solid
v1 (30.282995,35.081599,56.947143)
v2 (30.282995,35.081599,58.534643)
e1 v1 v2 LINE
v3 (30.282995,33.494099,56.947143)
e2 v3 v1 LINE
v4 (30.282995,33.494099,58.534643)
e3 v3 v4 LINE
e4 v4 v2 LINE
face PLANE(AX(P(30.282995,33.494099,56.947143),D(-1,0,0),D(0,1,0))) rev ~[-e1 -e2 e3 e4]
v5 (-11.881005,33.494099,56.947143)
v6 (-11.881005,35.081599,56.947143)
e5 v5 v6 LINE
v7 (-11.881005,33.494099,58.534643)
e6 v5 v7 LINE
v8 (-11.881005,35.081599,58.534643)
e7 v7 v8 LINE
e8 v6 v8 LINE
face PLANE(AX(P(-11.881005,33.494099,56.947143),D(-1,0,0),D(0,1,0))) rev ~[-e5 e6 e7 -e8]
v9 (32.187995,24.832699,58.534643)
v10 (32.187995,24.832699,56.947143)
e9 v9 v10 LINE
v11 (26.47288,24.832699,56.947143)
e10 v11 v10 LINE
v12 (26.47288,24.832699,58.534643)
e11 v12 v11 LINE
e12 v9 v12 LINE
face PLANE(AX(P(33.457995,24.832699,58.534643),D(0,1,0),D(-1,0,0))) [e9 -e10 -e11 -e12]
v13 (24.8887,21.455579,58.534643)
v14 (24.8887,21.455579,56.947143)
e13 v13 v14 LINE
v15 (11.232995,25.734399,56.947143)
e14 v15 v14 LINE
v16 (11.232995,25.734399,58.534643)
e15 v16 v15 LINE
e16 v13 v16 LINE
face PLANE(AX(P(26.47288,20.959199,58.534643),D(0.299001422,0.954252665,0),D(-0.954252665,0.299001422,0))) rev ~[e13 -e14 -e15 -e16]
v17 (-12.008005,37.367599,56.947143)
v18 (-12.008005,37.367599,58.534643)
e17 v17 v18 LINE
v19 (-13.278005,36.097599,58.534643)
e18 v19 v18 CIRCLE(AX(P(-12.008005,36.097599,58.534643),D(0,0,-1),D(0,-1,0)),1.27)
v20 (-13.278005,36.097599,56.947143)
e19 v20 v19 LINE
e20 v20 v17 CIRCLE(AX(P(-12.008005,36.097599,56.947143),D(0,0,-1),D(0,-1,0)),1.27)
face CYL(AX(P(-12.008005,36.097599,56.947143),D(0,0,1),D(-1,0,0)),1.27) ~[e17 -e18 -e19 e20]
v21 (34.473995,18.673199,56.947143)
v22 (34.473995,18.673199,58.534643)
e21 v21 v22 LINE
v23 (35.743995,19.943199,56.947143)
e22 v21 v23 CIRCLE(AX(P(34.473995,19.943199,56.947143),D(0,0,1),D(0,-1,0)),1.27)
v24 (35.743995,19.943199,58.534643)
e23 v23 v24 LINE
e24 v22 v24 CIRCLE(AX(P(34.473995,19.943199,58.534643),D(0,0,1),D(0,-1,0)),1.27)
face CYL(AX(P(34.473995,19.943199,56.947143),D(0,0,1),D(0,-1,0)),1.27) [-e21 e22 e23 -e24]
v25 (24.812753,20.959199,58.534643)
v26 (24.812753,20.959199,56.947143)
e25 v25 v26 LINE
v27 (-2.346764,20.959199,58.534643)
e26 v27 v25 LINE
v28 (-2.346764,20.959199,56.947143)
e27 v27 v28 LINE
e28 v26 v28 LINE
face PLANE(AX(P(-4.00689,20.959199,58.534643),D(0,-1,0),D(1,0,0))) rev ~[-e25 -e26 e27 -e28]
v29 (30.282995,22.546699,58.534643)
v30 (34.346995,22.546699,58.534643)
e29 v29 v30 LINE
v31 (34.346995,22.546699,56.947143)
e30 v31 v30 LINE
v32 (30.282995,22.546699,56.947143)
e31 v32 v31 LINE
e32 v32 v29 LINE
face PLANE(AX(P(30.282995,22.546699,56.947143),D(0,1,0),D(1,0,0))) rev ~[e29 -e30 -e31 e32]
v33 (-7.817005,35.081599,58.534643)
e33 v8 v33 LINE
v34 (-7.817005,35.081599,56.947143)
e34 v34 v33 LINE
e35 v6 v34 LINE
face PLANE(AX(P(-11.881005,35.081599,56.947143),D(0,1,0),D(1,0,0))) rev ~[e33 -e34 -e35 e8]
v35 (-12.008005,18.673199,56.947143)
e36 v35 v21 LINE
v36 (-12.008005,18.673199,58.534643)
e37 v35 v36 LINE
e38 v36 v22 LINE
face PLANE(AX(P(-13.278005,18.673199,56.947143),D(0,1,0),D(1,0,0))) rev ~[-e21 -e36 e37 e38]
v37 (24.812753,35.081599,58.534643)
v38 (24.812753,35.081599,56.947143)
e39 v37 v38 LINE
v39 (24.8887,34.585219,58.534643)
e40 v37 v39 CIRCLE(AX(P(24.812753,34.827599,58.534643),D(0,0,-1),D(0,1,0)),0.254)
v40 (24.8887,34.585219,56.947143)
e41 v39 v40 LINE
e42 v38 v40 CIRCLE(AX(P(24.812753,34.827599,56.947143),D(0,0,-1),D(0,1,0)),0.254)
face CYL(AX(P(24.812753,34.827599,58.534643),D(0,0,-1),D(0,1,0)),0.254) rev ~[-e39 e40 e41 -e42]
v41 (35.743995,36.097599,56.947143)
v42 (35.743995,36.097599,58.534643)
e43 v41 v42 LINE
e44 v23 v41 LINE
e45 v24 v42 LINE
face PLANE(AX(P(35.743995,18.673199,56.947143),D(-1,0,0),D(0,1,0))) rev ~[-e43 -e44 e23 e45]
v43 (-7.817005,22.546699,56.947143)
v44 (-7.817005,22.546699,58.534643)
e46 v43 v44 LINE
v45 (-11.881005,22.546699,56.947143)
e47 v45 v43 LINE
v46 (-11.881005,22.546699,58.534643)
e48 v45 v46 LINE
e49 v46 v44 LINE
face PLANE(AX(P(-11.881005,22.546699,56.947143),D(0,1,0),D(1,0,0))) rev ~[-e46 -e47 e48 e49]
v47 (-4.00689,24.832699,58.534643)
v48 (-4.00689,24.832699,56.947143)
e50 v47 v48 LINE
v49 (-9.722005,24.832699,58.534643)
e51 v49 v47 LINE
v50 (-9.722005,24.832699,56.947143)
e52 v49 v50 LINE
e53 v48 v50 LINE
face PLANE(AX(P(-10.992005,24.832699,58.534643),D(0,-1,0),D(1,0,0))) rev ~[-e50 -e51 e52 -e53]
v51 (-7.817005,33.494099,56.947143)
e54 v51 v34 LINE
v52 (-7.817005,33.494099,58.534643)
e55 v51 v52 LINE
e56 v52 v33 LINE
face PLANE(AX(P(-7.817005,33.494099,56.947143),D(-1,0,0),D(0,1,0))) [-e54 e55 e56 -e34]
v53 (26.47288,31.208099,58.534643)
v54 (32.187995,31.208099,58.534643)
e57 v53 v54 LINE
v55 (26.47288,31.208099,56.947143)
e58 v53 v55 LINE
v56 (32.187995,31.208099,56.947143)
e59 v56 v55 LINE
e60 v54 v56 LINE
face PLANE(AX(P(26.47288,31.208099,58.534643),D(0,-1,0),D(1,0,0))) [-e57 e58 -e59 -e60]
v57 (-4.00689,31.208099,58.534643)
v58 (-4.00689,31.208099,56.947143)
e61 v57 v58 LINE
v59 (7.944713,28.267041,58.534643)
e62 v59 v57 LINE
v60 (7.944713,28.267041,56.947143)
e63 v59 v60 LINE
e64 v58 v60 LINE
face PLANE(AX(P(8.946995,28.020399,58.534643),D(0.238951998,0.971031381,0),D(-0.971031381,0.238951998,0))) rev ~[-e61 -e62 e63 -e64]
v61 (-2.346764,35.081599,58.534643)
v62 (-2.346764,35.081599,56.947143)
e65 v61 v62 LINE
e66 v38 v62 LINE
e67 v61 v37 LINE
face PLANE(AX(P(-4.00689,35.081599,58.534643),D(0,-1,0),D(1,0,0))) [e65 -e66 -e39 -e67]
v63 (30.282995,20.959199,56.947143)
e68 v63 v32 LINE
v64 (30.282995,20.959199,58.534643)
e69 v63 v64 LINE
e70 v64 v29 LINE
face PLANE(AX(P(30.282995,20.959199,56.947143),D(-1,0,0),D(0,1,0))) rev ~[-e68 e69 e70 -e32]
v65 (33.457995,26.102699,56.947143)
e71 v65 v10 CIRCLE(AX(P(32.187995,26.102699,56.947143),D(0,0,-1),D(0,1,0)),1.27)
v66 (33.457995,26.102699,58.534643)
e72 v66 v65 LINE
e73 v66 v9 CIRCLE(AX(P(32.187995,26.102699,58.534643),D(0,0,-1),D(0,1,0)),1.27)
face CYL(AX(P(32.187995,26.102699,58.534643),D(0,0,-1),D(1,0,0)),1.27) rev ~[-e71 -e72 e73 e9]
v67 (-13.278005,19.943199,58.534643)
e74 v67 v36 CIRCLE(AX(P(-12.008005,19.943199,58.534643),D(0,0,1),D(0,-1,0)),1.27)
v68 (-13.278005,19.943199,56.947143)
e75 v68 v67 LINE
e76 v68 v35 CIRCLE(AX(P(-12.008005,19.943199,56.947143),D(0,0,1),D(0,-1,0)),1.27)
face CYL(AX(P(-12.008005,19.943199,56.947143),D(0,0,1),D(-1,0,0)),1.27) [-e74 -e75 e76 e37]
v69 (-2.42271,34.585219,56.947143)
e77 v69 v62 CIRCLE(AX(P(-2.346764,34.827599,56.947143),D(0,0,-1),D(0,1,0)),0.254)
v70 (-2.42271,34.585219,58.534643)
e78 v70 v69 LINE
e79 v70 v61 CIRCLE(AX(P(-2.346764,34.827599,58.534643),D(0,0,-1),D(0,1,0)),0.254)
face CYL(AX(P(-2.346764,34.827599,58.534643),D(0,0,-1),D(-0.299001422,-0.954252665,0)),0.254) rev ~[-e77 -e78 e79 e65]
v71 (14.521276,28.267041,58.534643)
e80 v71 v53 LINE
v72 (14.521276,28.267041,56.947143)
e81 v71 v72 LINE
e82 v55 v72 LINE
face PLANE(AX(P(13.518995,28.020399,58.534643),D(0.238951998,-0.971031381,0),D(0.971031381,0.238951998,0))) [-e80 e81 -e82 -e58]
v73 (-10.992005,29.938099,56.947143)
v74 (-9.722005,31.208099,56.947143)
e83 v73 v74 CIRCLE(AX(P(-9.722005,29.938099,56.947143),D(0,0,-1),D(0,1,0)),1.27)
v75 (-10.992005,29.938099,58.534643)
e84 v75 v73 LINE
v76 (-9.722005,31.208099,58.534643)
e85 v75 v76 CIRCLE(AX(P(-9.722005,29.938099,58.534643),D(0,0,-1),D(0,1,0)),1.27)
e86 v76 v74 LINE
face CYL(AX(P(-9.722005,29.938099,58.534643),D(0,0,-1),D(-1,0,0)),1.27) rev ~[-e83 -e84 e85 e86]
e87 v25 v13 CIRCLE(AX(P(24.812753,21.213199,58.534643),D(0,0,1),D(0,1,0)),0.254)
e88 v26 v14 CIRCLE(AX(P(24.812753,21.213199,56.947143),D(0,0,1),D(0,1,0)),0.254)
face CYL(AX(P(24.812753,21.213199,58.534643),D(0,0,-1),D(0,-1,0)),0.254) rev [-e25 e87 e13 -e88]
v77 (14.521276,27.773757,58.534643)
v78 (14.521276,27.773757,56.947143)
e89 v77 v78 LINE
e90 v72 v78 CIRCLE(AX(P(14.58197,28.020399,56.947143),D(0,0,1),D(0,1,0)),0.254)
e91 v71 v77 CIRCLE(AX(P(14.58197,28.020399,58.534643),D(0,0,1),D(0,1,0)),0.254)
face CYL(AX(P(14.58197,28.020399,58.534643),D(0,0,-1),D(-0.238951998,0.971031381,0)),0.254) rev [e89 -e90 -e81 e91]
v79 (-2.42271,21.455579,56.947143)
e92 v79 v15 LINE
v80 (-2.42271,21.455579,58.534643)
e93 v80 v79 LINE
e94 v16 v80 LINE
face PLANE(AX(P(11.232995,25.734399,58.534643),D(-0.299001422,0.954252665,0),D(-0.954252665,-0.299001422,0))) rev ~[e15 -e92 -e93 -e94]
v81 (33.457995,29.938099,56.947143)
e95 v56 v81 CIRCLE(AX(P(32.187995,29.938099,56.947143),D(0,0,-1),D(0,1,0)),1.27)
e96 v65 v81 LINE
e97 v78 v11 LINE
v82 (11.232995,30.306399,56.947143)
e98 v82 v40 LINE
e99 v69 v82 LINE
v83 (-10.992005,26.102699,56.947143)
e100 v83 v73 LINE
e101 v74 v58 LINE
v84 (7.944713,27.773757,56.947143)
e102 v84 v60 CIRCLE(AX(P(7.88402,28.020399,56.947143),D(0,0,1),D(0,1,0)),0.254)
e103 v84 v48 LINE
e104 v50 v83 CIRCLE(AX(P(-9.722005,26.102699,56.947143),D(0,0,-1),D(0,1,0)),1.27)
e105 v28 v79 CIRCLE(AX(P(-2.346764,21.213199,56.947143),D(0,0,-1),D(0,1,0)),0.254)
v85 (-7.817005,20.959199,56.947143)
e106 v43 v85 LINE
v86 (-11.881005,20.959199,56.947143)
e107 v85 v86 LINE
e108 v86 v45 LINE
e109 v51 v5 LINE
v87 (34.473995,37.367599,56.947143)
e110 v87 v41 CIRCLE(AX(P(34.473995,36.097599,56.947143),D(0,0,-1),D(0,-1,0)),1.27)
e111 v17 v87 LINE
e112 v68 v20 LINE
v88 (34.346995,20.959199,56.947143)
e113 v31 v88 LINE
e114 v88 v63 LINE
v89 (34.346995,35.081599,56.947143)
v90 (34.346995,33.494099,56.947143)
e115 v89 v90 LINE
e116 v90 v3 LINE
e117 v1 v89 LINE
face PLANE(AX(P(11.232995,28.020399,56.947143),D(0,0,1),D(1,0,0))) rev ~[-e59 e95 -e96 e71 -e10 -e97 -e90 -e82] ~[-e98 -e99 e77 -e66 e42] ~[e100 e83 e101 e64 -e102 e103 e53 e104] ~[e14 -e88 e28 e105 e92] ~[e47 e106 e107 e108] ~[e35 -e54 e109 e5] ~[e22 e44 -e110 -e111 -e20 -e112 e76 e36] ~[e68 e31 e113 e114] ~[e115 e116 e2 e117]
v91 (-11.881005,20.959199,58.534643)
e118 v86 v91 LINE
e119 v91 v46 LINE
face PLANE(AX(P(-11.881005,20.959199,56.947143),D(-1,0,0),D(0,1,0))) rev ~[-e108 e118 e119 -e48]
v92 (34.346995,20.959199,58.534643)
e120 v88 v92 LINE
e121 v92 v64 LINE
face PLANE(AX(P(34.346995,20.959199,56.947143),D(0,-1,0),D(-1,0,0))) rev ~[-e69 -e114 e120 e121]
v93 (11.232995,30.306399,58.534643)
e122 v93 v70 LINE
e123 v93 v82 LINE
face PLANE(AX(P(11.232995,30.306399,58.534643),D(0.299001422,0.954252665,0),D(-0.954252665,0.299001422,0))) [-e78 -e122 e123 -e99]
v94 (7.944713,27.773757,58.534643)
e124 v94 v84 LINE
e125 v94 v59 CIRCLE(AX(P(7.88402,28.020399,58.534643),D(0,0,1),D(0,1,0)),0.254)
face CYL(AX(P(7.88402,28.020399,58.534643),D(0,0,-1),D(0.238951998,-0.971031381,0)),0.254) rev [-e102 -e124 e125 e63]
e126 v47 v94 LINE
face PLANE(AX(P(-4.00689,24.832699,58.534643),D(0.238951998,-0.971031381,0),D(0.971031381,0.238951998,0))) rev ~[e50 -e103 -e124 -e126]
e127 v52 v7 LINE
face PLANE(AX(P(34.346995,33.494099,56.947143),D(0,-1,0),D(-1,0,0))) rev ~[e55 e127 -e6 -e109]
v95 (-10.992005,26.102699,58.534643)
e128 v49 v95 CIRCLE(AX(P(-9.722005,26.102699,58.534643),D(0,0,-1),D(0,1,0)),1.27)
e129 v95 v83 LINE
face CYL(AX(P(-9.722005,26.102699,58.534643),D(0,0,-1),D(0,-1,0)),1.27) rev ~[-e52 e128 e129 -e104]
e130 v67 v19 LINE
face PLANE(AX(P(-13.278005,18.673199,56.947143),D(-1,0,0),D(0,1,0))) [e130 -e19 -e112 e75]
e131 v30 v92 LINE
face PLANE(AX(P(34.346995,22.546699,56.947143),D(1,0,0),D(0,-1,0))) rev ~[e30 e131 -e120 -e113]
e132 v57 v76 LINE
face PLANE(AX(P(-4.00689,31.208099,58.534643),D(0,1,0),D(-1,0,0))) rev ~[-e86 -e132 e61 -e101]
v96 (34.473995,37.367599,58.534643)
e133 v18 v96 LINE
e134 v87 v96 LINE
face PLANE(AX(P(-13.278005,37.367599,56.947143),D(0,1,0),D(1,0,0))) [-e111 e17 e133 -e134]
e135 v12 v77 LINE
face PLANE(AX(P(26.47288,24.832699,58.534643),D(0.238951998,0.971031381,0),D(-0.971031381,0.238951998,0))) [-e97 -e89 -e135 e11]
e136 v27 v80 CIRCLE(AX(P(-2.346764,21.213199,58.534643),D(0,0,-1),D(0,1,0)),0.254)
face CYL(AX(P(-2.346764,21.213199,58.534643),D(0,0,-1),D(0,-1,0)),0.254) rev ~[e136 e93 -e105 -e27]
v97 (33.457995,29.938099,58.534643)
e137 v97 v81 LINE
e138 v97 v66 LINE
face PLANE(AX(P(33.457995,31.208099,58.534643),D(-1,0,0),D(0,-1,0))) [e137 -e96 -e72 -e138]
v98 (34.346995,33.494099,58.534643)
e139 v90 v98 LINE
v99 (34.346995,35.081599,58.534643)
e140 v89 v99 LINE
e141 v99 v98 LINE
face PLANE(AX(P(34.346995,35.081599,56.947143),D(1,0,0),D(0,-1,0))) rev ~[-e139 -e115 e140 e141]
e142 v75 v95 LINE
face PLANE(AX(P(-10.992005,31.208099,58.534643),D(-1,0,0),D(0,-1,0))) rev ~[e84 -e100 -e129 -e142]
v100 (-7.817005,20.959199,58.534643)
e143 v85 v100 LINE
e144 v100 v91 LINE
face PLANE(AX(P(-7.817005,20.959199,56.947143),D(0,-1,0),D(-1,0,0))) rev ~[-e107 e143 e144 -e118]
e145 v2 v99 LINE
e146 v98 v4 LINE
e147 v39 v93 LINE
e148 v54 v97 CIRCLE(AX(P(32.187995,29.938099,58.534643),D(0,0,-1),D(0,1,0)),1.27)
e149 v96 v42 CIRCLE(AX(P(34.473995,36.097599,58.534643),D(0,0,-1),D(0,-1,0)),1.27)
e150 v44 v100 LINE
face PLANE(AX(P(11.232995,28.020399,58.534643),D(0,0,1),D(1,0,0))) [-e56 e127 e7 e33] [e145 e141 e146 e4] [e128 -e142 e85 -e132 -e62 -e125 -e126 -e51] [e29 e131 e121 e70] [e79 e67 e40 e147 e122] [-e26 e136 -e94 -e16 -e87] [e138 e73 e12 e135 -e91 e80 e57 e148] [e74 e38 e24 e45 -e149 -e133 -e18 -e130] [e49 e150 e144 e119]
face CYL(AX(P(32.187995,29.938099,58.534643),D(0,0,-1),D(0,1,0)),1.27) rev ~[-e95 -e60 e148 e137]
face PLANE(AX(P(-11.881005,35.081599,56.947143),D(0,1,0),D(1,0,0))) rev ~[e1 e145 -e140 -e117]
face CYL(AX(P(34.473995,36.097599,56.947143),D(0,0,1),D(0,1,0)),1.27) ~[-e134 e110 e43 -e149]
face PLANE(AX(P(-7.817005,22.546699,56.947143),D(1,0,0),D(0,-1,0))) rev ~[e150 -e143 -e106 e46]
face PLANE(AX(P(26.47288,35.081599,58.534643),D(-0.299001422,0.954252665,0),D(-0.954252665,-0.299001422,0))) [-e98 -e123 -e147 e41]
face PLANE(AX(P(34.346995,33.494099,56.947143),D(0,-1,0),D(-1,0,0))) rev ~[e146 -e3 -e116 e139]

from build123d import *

# Parameters (mm, degrees)
SKETCH1_W           = 49.022
SKETCH1_H           = 18.6944
SKETCH1_W_2         = 38.1
SKETCH1_H_2         = 1.5875
BOSS_EXTRUDE1_DEPTH = 1.5875
CUT_EXTRUDE1_REACH  = 53.735
FILLET1_R           = 0.254
FILLET2_R           = 1.27


with BuildPart() as part:
    # Sketch1 → Boss-Extrude1 (new body)
    # profile 1 of 2: a face of its own
    with BuildSketch(Plane.XY.offset(56.947143149)):
        with Locations((11.232994638, 28.020399012)):
            Rectangle(SKETCH1_W, SKETCH1_H)
        Polygon((-11.881005362, 20.959199012), (-11.881005362, 22.546699012), (-10.992005362, 22.546699012), (-8.706005362, 22.546699012), (-7.817005362, 22.546699012), (-7.817005362, 20.959199012), (-8.706005362, 20.959199012), (-10.992005362, 20.959199012), align=None, mode=Mode.SUBTRACT)
        Polygon((33.457994638, 22.546699012), (34.346994638, 22.546699012), (34.346994638, 20.959199012), (33.457994638, 20.959199012), (31.171994638, 20.959199012), (30.282994638, 20.959199012), (30.282994638, 22.546699012), (31.171994638, 22.546699012), align=None, mode=Mode.SUBTRACT)
        Polygon((31.171994638, 33.494099012), (30.282994638, 33.494099012), (-7.817005362, 33.494099012), (-8.706005362, 33.494099012), (-10.992005362, 33.494099012), (-11.881005362, 33.494099012), (-11.881005362, 35.081599012), (-10.992005362, 35.081599012), (-8.706005362, 35.081599012), (-7.817005362, 35.081599012), (30.282994638, 35.081599012), (31.171994638, 35.081599012), (33.457994638, 35.081599012), (34.346994638, 35.081599012), (34.346994638, 33.494099012), (33.457994638, 33.494099012), align=None, mode=Mode.SUBTRACT)
    # profile 2 of 2: a face of its own
    with BuildSketch(Plane.XY.offset(56.947143149)):
        with Locations((11.232994638, 34.287849012)):
            Rectangle(SKETCH1_W_2, SKETCH1_H_2)
    extrude(amount=BOSS_EXTRUDE1_DEPTH)

    # Sketch3 → Cut-Extrude1 (cut, up to next)
    with BuildSketch(Plane.XY.offset(58.534643149), mode=Mode.PRIVATE) as cut_extrude1_sk1:
        Polygon((11.232994638, 25.734399012), (-4.006890486, 20.959199012), (26.472879762, 20.959199012), align=None)
    cut_extrude1_tool1 = extrude(cut_extrude1_sk1.sketch, amount=-CUT_EXTRUDE1_REACH, mode=Mode.PRIVATE) & part.part
    # Sketch3 → Cut-Extrude1 (cut, up to next)
    with BuildSketch(Plane.XY.offset(58.534643149), mode=Mode.PRIVATE) as cut_extrude1_sk2:
        Polygon((13.518994638, 28.020399012), (26.472879762, 31.208099012), (33.457994638, 31.208099012), (33.457994638, 24.832699012), (26.472879762, 24.832699012), align=None)
    cut_extrude1_tool2 = extrude(cut_extrude1_sk2.sketch, amount=-CUT_EXTRUDE1_REACH, mode=Mode.PRIVATE) & part.part
    # Sketch3 → Cut-Extrude1 (cut, up to next)
    with BuildSketch(Plane.XY.offset(58.534643149), mode=Mode.PRIVATE) as cut_extrude1_sk3:
        Polygon((11.232994638, 30.306399012), (-4.006890486, 35.081599012), (26.472879762, 35.081599012), align=None)
    cut_extrude1_tool3 = extrude(cut_extrude1_sk3.sketch, amount=-CUT_EXTRUDE1_REACH, mode=Mode.PRIVATE) & part.part
    # Sketch3 → Cut-Extrude1 (cut, up to next)
    with BuildSketch(Plane.XY.offset(58.534643149), mode=Mode.PRIVATE) as cut_extrude1_sk4:
        Polygon((-4.006890486, 31.208099012), (-10.992005362, 31.208099012), (-10.992005362, 24.832699012), (-4.006890486, 24.832699012), (8.946994638, 28.020399012), align=None)
    cut_extrude1_tool4 = extrude(cut_extrude1_sk4.sketch, amount=-CUT_EXTRUDE1_REACH, mode=Mode.PRIVATE) & part.part
    add(cut_extrude1_tool1.solids().sort_by_distance((11.232995, 22.550932, 58.534643))[0], mode=Mode.SUBTRACT)
    add(cut_extrude1_tool2.solids().sort_by_distance((26.207595, 28.020399, 58.534643))[0], mode=Mode.SUBTRACT)
    add(cut_extrude1_tool3.solids().sort_by_distance((11.232995, 33.489866, 58.534643))[0], mode=Mode.SUBTRACT)
    add(cut_extrude1_tool4.solids().sort_by_distance((-3.741606, 28.020399, 58.534643))[0], mode=Mode.SUBTRACT)

    # Fillet1
    fillet1_edges = [part.edges().sort_by_distance(p)[0] for p in [
        (-4.006890486, 35.081599012, 57.740893149),
        (26.472879762, 35.081599012, 57.740893149),
        (8.946994638, 28.020399012, 57.740893149),
        (-4.006890486, 20.959199012, 57.740893149),
        (26.472879762, 20.959199012, 57.740893149),
        (13.518994638, 28.020399012, 57.740893149),
    ]]
    fillet(fillet1_edges, radius=FILLET1_R)

    # Fillet2
    fillet2_edges = [part.edges().sort_by_distance(p)[0] for p in [
        (-10.992005362, 31.208099012, 57.740893149),
        (-10.992005362, 24.832699012, 57.740893149),
        (-13.278005362, 37.367599012, 57.740893149),
        (35.743994638, 37.367599012, 57.740893149),
        (35.743994638, 18.673199012, 57.740893149),
        (-13.278005362, 18.673199012, 57.740893149),
        (33.457994638, 31.208099012, 57.740893149),
        (33.457994638, 24.832699012, 57.740893149),
    ]]
    fillet(fillet2_edges, radius=FILLET2_R)


solid = part.part
